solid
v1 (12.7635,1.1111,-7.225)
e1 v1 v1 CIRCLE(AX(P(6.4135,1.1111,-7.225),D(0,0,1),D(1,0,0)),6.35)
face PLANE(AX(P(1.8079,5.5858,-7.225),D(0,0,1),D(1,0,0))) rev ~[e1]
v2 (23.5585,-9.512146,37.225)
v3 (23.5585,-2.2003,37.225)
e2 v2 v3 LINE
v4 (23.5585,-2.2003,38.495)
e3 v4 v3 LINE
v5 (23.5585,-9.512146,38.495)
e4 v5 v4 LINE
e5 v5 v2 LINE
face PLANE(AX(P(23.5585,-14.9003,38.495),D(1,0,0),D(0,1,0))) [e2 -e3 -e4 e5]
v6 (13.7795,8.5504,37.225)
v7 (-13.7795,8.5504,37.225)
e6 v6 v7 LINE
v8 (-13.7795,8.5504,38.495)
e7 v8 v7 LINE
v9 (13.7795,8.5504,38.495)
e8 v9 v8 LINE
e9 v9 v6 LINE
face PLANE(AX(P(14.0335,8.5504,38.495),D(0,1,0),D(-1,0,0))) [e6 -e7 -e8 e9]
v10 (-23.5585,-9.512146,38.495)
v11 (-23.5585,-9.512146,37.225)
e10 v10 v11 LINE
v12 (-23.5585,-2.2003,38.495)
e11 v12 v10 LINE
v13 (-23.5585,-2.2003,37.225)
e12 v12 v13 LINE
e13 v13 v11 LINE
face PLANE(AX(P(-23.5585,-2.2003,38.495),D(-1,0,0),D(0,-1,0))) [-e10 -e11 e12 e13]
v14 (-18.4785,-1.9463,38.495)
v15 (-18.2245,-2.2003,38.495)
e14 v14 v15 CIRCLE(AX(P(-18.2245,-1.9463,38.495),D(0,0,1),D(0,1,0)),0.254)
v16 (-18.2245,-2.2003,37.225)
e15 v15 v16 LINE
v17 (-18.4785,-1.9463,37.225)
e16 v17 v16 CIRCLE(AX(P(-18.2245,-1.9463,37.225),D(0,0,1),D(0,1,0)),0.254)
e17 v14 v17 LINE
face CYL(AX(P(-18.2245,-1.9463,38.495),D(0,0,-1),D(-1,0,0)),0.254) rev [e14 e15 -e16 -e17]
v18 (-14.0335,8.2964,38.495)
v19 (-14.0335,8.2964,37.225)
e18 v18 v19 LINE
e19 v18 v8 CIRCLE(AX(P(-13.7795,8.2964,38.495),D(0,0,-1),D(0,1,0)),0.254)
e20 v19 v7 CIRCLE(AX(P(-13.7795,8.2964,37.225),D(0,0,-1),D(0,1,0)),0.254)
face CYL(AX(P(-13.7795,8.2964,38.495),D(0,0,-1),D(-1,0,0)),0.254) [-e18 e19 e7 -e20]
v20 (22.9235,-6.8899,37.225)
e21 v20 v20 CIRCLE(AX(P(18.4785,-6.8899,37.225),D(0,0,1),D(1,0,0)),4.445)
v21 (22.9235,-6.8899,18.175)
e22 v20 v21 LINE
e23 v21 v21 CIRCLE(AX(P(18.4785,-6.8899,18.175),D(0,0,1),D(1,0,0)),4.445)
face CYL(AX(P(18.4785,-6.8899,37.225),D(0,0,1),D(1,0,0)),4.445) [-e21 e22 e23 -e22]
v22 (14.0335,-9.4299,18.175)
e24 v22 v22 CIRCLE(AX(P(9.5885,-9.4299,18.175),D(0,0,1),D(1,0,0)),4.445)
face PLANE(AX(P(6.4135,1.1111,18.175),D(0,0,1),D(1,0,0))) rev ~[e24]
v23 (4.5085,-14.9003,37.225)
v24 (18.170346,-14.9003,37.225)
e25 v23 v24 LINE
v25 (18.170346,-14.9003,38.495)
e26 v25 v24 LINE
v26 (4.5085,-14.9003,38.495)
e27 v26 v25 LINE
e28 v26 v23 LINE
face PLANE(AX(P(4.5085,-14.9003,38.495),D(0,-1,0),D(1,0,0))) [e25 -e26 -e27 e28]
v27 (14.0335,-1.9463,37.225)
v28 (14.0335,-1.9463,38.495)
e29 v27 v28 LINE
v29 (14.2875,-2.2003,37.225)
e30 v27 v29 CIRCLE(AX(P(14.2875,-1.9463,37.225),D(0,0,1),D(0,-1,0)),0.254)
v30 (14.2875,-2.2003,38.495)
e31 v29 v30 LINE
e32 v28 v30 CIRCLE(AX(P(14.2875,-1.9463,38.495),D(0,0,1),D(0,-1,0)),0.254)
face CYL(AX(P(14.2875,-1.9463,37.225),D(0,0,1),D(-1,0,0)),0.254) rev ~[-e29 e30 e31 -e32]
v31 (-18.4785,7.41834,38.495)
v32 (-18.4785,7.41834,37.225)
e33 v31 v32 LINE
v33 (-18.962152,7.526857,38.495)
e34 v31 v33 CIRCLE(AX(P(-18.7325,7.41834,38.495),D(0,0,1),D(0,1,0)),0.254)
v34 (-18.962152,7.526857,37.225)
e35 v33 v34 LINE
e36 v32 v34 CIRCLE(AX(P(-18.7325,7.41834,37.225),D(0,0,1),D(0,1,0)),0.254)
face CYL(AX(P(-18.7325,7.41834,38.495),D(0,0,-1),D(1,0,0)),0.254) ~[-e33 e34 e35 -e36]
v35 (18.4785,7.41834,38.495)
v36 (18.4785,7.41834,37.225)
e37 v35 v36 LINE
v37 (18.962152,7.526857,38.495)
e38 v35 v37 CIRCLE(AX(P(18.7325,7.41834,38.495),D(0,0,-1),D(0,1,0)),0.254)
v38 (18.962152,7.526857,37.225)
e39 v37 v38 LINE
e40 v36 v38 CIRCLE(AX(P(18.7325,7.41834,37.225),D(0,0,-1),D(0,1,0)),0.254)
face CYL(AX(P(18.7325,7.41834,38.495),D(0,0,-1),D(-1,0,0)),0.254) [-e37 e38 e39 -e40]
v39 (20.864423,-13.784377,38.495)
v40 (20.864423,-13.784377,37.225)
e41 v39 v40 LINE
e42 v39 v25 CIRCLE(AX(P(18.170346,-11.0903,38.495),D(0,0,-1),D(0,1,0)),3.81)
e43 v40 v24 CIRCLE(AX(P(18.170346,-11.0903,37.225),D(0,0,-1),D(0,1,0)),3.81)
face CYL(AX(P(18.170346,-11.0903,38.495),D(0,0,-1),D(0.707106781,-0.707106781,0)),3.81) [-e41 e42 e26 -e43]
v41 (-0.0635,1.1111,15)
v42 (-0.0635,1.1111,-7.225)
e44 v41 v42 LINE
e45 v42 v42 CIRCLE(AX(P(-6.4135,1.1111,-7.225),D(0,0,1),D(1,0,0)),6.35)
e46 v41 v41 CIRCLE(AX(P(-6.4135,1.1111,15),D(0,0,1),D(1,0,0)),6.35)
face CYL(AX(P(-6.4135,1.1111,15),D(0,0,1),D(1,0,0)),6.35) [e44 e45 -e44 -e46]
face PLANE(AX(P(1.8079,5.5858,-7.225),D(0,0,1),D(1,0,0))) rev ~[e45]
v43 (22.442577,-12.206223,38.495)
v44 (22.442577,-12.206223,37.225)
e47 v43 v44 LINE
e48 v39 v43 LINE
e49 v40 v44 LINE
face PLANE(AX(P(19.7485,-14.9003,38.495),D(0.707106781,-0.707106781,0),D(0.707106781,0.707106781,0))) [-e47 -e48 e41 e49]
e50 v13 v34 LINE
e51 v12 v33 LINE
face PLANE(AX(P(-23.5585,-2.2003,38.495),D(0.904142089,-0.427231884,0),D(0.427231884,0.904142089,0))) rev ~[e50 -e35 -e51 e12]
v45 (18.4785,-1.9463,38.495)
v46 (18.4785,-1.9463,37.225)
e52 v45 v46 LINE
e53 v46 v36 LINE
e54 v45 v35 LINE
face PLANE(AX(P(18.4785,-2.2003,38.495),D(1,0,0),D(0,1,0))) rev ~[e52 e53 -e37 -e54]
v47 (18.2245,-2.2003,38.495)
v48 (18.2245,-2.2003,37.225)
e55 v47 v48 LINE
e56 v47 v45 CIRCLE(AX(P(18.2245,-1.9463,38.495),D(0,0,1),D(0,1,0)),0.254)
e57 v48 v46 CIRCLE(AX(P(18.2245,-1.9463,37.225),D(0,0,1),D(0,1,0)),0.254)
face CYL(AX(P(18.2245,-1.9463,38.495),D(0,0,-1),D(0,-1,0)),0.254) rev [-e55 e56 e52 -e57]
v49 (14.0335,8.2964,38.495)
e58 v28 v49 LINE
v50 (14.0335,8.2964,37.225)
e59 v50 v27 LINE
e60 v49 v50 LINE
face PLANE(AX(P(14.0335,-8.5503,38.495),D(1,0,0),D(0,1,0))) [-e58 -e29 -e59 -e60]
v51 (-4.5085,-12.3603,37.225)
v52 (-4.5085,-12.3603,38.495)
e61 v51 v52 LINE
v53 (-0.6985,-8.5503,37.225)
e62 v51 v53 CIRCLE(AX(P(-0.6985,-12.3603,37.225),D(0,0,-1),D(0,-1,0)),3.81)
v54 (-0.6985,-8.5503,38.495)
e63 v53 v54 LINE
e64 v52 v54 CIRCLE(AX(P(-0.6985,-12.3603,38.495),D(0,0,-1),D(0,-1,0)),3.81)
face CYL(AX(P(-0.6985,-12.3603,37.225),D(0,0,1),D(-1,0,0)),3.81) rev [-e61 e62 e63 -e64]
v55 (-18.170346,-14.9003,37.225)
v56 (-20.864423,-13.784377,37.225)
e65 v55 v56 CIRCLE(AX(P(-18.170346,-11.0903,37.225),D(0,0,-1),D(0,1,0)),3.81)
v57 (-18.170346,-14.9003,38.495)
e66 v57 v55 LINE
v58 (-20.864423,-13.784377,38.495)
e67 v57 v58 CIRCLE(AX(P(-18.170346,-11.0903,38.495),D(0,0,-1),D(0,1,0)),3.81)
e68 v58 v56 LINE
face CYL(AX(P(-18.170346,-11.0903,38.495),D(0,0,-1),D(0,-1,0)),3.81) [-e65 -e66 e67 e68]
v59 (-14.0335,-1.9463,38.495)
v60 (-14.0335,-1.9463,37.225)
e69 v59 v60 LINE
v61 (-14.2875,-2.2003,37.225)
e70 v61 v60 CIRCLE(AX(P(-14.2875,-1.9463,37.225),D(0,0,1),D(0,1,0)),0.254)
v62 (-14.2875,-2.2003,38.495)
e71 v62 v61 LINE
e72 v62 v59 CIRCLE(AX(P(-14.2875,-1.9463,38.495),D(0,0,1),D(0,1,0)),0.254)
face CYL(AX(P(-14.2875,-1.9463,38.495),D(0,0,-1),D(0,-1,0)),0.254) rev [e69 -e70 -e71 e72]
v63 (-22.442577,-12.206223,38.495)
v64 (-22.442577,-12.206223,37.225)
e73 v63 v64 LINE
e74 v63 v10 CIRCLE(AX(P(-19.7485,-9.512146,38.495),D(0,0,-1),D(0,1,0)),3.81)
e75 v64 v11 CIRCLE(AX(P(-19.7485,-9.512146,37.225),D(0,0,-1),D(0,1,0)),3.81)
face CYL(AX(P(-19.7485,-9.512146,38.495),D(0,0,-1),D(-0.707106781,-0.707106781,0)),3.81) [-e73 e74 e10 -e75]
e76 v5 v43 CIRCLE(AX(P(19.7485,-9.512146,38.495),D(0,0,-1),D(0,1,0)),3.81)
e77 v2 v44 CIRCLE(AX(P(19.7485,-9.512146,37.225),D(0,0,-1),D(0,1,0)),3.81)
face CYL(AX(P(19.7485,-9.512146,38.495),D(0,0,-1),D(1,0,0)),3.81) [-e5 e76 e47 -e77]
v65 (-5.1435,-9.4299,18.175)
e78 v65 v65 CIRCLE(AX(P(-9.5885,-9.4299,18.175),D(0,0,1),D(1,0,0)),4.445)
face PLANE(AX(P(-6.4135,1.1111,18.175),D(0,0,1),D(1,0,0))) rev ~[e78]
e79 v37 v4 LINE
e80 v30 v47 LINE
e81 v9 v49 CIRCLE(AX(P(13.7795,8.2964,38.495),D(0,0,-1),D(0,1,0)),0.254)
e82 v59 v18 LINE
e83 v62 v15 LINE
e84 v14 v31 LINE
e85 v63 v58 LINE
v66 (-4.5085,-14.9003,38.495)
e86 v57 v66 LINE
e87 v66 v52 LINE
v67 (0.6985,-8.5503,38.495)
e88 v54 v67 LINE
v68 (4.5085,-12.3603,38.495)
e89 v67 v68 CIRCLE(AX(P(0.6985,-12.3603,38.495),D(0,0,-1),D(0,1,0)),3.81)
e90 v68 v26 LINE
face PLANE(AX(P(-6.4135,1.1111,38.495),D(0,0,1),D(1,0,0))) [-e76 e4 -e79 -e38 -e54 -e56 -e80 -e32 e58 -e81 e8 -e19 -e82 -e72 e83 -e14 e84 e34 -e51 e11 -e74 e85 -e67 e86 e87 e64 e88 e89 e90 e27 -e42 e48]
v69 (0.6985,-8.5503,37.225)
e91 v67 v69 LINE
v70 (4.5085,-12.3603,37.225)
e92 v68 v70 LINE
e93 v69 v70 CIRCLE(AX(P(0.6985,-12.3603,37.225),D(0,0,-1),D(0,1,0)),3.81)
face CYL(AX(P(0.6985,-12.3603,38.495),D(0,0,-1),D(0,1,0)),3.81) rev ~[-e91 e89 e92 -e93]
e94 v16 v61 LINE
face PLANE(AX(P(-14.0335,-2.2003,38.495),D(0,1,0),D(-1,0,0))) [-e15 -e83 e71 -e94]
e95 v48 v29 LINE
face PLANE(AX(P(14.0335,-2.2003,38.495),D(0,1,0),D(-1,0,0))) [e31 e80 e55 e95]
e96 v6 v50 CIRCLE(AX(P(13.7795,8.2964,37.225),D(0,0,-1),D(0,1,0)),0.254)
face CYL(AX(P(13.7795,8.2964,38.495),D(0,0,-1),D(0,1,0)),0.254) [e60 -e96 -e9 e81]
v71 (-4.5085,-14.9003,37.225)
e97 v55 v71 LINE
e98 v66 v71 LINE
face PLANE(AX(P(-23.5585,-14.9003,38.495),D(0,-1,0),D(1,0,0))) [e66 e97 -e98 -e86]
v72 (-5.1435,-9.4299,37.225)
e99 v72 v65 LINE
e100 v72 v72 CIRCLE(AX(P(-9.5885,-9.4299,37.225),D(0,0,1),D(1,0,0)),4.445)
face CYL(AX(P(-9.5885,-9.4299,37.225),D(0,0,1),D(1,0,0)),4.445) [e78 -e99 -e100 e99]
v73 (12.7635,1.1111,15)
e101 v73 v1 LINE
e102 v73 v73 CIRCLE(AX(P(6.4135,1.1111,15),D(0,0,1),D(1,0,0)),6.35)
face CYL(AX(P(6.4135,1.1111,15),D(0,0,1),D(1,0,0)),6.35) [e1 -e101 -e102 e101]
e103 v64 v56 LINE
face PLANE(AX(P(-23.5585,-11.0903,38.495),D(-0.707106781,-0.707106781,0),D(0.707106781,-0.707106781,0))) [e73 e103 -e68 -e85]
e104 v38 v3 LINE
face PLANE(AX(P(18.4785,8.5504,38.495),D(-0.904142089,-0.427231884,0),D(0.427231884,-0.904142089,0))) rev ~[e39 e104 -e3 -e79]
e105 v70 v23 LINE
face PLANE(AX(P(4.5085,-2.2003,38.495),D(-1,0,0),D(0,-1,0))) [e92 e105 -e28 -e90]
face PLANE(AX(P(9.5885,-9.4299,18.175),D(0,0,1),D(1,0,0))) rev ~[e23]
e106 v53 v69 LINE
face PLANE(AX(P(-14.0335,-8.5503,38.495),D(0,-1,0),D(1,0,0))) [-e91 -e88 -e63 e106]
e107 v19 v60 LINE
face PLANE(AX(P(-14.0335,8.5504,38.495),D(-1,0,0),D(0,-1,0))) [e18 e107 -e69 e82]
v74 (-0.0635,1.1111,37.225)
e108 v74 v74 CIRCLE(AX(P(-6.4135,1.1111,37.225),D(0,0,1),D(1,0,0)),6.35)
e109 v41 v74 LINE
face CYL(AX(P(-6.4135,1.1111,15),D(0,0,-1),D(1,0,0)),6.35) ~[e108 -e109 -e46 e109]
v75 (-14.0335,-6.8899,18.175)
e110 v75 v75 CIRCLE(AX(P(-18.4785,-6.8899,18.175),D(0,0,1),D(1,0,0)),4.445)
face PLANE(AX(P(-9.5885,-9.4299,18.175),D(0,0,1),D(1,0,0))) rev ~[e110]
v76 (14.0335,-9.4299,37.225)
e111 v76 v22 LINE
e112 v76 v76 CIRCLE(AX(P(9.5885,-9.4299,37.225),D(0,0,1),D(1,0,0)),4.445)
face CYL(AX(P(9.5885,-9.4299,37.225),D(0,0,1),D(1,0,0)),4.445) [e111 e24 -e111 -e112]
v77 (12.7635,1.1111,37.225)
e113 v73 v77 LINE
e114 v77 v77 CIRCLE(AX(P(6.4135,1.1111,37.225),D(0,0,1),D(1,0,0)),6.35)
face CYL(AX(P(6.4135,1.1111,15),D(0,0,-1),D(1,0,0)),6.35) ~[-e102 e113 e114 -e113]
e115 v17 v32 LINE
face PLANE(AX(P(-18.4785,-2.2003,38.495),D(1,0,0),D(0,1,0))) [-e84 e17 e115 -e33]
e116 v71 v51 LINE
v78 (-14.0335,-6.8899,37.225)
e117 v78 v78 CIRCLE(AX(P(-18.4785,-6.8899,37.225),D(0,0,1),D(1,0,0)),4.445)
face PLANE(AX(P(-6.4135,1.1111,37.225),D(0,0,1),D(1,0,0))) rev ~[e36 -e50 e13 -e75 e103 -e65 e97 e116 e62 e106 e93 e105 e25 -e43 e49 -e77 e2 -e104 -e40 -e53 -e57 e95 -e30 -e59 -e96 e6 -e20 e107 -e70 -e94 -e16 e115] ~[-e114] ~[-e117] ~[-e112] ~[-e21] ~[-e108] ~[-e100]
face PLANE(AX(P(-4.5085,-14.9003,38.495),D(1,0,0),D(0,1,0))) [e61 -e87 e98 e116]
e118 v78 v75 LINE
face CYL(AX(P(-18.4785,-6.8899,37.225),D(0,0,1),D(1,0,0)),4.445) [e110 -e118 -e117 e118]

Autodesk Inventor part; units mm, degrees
ref_plane "YZ Plane" through (0, 0, 0) normal (1, 0, 0) x (0, 1, 0)
ref_plane "XZ Plane" through (0, 0, 0) normal (0, 1, 0) x (-1, 0, 0)
ref_plane "XY Plane" through (0, 0, 0) normal (0, 0, 1) x (1, 0, 0)
sketch "Sketch1" plane through (-4.5, -9.15, 9.417) normal (0, -1, 0) x (1, 0, 0)
  point P0 (4.5, -9.417)
sketch "Sketch2" plane through (1.8079, 5.5858, 15) normal (0, 0, 1) x (1, 0, 0)
  line L0 (-1.8079, -5.5858) -> (-1.8079, -0.7733)
  circle A0 centre (-8.2214, -4.4747) radius 6.35
  circle A1 centre (4.6056, -4.4747) radius 6.35
  dimension "d0" = 12.7
  dimension "d1" = 6.4135
  dimension "d2" = 12.7
  dimension "d3" = 6.4135
extrude "Extrusion1" add sketch "Sketch2" along normal mid plane 44.45
sketch "Sketch4" plane through (6.4135, 1.1111, 37.225) normal (0, 0, 1) x (1, 0, 0)
  circle A0 centre (3.175, -10.541) radius 4.445
  circle A1 centre (0, 0) radius 6.35 projected
  point P0 (-6.4135, -1.1111)
  dimension "d7" = 8.89
  dimension "d8" = 10.541
  dimension "d9" = 3.175
sketch "Sketch5" plane through (-6.4135, 1.1111, 37.225) normal (0, 0, 1) x (1, 0, 0)
  circle A0 centre (-3.175, -10.541) radius 4.445
  circle A1 centre (0, 0) radius 6.35 projected
  point P0 (6.4135, -1.1111)
  dimension "d10" = 8.89
  dimension "d11" = 3.175
  dimension "d12" = 10.541
extrude "Extrusion2" add sketch "Sketch4" against normal blind 19.05 contours A0
extrude "Extrusion3" add sketch "Sketch5" against normal blind 19.05 contours A0
sketch "Sketch6" plane through (-9.5885, -9.4299, 37.225) normal (0, 0, 1) x (1, 0, 0)
  circle A0 centre (-8.89, 2.54) radius 4.445
  circle A1 centre (0, 0) radius 4.445 projected
  line L0 (0, 0) -> (0, 2.54)
  point P0 (9.5885, 9.4299)
  dimension "d17" = 8.89
  dimension "d18" = 8.89
  dimension "d52" = 2.54
  dimension "d53" = 0
extrude "Extrusion4" add sketch "Sketch6" against normal blind 19.05 contours A0
sketch "Sketch7" plane through (9.5885, -9.4299, 37.225) normal (0, 0, 1) x (1, 0, 0)
  circle A0 centre (8.89, 2.54) radius 4.445
  circle A1 centre (0, 0) radius 4.445 projected
  line L0 (0, 0) -> (0, 2.54)
  point P0 (-9.5885, 9.4299)
  dimension "d22" = 8.89
  dimension "d54" = 2.54
  dimension "d55" = 0
extrude "Extrusion5" add sketch "Sketch7" against normal blind 19.05 contours A0
sketch "Sketch8" plane through (6.4135, 1.1111, 37.225) normal (0, 0, 1) x (1, 0, 0)
  line L0 (-7.62, -6.7786) -> (7.62, -6.7786)
  line L1 (7.62, -6.7786) -> (7.62, 7.1914)
  line L2 (7.62, 7.1914) -> (-7.62, 7.1914)
  line L3 (-7.62, 7.1914) -> (-7.62, -6.7786)
  line L4 (-7.62, -6.7786) -> (7.62, 7.1914) construction
  line L5 (7.62, -6.7786) -> (-7.62, 7.1914) construction
  point P0 (-6.4135, -1.1111)
  point P1 (0, 0.2064)
  dimension "d27" = 15.24
  dimension "d28" = 13.97
sketch "Sketch9" plane through (-6.4135, 1.1111, 37.225) normal (0, 0, 1) x (1, 0, 0)
  line L0 (-7.62, -6.7768) -> (7.62, -6.7768)
  line L1 (7.62, -6.7768) -> (7.62, 7.1932)
  line L2 (7.62, 7.1932) -> (-7.62, 7.1932)
  line L3 (-7.62, 7.1932) -> (-7.62, -6.7768)
  line L4 (-7.62, -6.7768) -> (7.62, 7.1932) construction
  line L5 (7.62, -6.7768) -> (-7.62, 7.1932) construction
  point P0 (6.4135, -1.1111)
  point P1 (0, 0.2082)
  dimension "d29" = 15.24
  dimension "d30" = 13.97
extrude "Extrusion6" add sketch "Sketch9" along normal blind 1.27
extrude "Extrusion7" add sketch "Sketch8" along normal blind 1.27
sketch "Sketch10" plane through (-6.4135, 1.1111, 38.495) normal (0, 0, 1) x (1, 0, 0)
  line L0 (-7.62, -9.6614) -> (20.447, -9.6614)
  line L1 (20.447, -9.6614) -> (20.447, 7.4393)
  line L2 (20.447, 7.4393) -> (-7.62, 7.4393)
  line L3 (-7.62, 7.4393) -> (-7.62, -9.6614)
  line L4 (-7.62, -9.6614) -> (20.447, 7.4393) construction
  line L5 (20.447, -9.6614) -> (-7.62, 7.4393) construction
  point P0 (6.4135, -1.1111)
extrude "Extrusion8" add sketch "Sketch10" against normal blind 1.27
sketch "Sketch11" plane through (-6.4135, 1.1111, 38.495) normal (0, 0, 1) x (1, 0, 0)
  line L0 (-17.145, -16.0114) -> (1.905, -16.0114)
  line L1 (1.905, -16.0114) -> (1.905, -3.3114)
  line L2 (1.905, -3.3114) -> (-17.145, -3.3114)
  line L3 (-17.145, -3.3114) -> (-17.145, -16.0114)
  line L4 (-7.62, -9.6614) -> (-7.62, 7.4393) projected
  line L5 (-17.145, -16.0114) -> (1.905, -3.3114) construction
  line L6 (1.905, -16.0114) -> (-17.145, -3.3114) construction
  line L7 (10.922, -16.0114) -> (29.972, -16.0114)
  line L8 (29.972, -16.0114) -> (29.972, -3.3114)
  line L9 (29.972, -3.3114) -> (10.922, -3.3114)
  line L10 (10.922, -3.3114) -> (10.922, -16.0114)
  line L11 (20.447, -9.6614) -> (20.447, 7.4393) projected
  line L12 (10.922, -16.0114) -> (29.972, -3.3114) construction
  line L13 (29.972, -16.0114) -> (10.922, -3.3114) construction
  line L14 (-12.065, -3.3114) -> (-12.065, 7.4393)
  line L15 (24.892, -3.3114) -> (24.892, 7.4393)
  line L16 (24.892, 7.4393) -> (29.972, -3.3114)
  line L17 (-17.145, -3.3114) -> (-12.065, 7.4393)
  point P0 (6.4135, -1.1111)
  dimension "d37" = 19.05
  dimension "d38" = 12.7
  dimension "d39" = 19.05
  dimension "d40" = 12.7
  dimension "d41" = 5.08
  dimension "d42" = 5.08
extrude "Extrusion9" add sketch "Sketch11" against normal blind 1.27
fillet "Fillet1" radius 0.254 2 edges at (-18.4785, 8.5503, 37.86) (18.4785, 8.5503, 37.86)
fillet "Fillet2" radius 0.254 6 edges at (-14.0335, 8.5503, 37.86) (-18.4785, -2.2003, 37.86) (-14.0335, -2.2003, 37.86) (14.0335, -2.2003, 37.86) (18.4785, -2.2003, 37.86) (14.0335, 8.5503, 37.86)
fillet "Fillet3" radius 3.81 4 edges at (-23.5585, -14.9003, 37.86) (23.5585, -14.9003, 37.86) (-4.5085, -8.5503, 37.86) (4.5085, -8.5503, 37.86)
sketch "Sketch13" plane through (-6.4135, 1.1111, 38.495) normal (0, 0, 1) x (1, 0, 0)
  point P0 (6.4135, -1.1111)
sketch "Sketch14" plane through (-6.4135, 1.1111, 38.495) normal (0, 0, 1) x (1, 0, 0)
  arc A0 (-17.145, -12.2014) -> (-13.335, -16.0114) centre (-13.335, -12.2014) ccw projected
  line L0 (-17.145, -12.2014) -> (-13.335, -16.0114)
  line L1 (-13.335, -16.0114) -> (-15.2586, -17.935)
  line L2 (-15.2586, -17.935) -> (-19.0686, -14.125)
  line L3 (-19.0686, -14.125) -> (-17.145, -12.2014)
  arc A1 (26.162, -16.0114) -> (29.972, -12.2014) centre (26.162, -12.2014) ccw projected
  line L4 (26.162, -16.0114) -> (29.972, -12.2014)
  line L5 (29.972, -12.2014) -> (31.5861, -13.8155)
  line L6 (31.5861, -13.8155) -> (27.7761, -17.6255)
  line L7 (27.7761, -17.6255) -> (26.162, -16.0114)
  point P0 (6.4135, -1.1111)
extrude "Extrusion10" cut sketch "Sketch14" against normal blind 1.27 contours L0 A0 | L4 A1
fillet "Fillet4" radius 3.81 4 edges at (-23.5585, -11.0903, 37.86) (-19.7485, -14.9003, 37.86) (23.5585, -11.0903, 37.86) (19.7485, -14.9003, 37.86)
properties part number "Mamba XLX ESC"
